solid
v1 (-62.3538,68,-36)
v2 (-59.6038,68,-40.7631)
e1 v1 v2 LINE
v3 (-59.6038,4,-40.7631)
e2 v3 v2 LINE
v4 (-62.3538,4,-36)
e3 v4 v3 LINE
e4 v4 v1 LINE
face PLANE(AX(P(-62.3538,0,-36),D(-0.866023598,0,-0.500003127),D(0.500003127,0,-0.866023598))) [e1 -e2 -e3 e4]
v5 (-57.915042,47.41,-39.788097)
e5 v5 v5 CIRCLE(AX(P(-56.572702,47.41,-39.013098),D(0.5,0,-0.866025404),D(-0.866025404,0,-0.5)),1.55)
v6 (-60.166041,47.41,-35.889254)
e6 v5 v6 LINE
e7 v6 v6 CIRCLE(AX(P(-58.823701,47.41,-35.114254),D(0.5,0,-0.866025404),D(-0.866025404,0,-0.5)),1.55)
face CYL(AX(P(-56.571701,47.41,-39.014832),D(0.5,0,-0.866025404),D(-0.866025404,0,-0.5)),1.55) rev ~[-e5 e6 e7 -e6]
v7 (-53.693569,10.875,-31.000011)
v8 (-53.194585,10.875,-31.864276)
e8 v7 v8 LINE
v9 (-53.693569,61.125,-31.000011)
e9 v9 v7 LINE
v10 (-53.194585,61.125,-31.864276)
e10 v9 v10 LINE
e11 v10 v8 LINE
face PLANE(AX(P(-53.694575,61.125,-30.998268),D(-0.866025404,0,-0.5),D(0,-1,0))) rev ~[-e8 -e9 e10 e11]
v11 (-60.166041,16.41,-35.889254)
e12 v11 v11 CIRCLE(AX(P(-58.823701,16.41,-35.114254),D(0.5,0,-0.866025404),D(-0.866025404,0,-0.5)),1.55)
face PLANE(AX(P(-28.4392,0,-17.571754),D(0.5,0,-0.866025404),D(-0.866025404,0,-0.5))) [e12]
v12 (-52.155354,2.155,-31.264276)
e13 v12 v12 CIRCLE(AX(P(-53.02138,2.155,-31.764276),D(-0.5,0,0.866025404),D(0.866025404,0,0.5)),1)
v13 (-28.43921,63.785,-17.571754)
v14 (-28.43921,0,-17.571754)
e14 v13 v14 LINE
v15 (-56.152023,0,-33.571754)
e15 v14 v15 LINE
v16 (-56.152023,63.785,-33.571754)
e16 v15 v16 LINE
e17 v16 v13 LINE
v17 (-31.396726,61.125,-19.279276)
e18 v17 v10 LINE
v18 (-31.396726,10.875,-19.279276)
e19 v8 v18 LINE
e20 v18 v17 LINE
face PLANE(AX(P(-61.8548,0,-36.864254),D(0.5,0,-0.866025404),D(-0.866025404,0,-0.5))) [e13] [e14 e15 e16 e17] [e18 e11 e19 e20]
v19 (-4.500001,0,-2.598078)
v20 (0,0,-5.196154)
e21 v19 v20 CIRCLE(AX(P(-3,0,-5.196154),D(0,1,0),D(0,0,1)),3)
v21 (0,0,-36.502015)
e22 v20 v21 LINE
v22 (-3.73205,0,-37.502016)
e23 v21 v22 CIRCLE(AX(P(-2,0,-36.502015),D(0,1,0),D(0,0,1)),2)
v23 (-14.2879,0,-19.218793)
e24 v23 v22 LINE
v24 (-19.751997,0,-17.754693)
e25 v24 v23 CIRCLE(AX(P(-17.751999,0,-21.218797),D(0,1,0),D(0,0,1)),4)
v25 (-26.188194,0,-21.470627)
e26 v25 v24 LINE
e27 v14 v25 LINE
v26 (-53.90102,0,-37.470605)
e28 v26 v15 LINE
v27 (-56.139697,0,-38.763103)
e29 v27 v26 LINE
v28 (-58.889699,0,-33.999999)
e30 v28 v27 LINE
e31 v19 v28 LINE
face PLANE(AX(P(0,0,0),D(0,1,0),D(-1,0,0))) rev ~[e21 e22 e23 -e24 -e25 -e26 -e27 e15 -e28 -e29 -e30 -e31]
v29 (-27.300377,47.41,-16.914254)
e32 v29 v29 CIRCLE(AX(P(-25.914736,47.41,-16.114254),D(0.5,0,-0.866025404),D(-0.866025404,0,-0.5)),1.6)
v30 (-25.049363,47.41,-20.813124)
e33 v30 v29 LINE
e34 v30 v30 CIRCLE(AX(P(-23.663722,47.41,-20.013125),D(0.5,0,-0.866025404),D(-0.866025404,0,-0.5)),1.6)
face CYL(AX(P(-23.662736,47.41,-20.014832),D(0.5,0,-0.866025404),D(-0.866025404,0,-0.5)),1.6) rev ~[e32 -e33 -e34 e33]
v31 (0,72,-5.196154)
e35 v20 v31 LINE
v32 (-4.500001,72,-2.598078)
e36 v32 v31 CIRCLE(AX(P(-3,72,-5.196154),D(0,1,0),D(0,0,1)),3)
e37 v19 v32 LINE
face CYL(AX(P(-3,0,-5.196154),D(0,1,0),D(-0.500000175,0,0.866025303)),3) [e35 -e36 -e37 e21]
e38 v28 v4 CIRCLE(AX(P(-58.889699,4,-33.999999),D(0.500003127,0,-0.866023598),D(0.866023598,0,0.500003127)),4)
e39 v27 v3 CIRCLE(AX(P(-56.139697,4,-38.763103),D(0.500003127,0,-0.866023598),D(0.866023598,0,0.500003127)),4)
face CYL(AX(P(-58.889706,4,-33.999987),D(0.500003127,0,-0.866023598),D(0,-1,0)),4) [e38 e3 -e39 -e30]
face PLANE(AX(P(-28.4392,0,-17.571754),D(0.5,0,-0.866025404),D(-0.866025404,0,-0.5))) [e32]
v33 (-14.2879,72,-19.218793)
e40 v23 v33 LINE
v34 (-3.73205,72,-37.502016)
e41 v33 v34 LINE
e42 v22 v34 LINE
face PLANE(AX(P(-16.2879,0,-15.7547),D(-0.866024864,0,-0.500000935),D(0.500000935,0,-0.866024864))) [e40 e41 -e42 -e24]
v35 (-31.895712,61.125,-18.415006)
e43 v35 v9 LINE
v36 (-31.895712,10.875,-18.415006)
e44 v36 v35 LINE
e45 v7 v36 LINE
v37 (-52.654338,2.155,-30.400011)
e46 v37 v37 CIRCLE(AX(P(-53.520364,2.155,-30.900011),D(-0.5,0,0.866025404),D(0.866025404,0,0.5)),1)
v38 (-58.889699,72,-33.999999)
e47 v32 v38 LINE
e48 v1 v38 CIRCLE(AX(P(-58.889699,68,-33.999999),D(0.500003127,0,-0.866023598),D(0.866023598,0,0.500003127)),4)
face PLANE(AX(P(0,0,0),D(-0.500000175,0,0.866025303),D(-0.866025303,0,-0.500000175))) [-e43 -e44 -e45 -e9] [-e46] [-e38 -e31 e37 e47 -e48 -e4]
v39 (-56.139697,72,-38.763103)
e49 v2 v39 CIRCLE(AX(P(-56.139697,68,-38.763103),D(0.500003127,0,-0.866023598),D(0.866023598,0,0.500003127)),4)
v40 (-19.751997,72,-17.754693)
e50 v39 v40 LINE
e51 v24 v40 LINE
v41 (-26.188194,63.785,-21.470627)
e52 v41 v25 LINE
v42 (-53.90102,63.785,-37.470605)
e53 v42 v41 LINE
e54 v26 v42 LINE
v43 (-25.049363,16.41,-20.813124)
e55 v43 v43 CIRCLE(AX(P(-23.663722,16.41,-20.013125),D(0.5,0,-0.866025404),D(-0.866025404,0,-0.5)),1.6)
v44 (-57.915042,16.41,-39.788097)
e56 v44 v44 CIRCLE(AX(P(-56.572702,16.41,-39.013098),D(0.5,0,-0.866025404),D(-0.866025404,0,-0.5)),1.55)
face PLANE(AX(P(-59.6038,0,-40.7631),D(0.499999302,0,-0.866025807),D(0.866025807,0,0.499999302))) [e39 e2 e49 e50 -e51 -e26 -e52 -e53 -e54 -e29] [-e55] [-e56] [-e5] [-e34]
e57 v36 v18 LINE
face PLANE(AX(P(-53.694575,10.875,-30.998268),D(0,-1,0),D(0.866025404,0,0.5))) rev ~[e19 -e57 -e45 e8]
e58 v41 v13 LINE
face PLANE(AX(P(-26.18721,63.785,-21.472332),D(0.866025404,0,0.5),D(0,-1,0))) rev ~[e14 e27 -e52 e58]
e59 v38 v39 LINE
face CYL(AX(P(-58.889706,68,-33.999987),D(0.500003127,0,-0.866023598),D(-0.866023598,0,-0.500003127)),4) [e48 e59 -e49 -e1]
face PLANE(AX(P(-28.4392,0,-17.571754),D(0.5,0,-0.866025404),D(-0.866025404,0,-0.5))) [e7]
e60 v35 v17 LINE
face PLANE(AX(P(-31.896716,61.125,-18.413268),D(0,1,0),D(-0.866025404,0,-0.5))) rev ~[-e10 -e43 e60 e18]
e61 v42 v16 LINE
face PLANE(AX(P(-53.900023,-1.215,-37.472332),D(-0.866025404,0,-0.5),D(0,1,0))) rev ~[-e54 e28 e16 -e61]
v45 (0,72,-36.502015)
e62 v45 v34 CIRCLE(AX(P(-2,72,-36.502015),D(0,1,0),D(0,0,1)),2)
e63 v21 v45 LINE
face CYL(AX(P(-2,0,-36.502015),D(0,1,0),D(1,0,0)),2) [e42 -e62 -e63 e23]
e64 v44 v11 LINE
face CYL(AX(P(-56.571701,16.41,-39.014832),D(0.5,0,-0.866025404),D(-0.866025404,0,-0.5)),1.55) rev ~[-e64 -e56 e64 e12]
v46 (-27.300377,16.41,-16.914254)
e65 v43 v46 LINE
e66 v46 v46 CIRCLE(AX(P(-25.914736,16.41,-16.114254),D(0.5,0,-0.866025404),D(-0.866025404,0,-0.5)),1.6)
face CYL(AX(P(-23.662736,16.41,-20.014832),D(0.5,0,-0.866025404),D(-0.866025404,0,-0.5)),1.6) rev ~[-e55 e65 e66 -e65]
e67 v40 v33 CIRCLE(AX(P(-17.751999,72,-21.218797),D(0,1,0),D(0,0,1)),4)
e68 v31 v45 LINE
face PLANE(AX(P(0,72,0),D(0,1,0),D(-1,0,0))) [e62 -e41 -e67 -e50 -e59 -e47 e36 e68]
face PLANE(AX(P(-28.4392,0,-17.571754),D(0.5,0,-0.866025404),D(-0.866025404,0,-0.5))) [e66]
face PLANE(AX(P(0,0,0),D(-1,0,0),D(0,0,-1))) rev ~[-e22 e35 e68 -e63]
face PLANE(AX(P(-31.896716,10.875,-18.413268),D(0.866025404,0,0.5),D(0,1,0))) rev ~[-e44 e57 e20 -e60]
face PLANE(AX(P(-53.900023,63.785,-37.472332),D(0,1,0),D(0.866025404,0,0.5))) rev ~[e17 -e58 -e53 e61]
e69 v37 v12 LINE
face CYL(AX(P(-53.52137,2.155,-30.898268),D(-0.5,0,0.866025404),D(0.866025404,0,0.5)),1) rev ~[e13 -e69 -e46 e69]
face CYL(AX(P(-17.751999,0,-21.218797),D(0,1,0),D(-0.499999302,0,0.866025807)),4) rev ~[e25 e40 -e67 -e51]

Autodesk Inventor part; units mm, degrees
ref_plane "YZ Plane" through (0, 0, 0) normal (1, 0, 0) x (0, 1, 0)
ref_plane "XZ Plane" through (0, 0, 0) normal (0, 1, 0) x (-1, 0, 0)
ref_plane "XY Plane" through (0, 0, 0) normal (0, 0, 1) x (1, 0, 0)
sketch "Sketch1" plane through (0, 0, 0) normal (0, 1, 0) x (-1, 0, 0)
  line L0 (0, 0) -> (62.3538, -36)
  line L1 (0, 25) -> (0, -25) construction
  line L2 (62.3538, -36) -> (59.6038, -40.7631)
  line L3 (59.6038, -40.7631) -> (16.2879, -15.7547)
  line L4 (16.2879, -15.7547) -> (0, -43.9661)
  line L5 (0, 0) -> (0, -43.9661)
  dimension "d0" = 72
  dimension "d1" = 50
  dimension "d2" = 60
  dimension "d3" = 5.5
  dimension "d19" = 90
extrude "Extrusion1" add sketch "Sketch1" along normal blind 72
sketch "Sketch2" plane through (0, 0, 0) normal (-0.5, 0, 0.866) x (0.866, 0, 0.5)
  line L0 (-62, 10.875) -> (-36.83, 10.875)
  line L1 (-36.83, 10.875) -> (-36.83, 61.125)
  line L2 (-36.83, 61.125) -> (-62, 61.125)
  line L3 (-62, 61.125) -> (-62, 10.875)
  line L4 (-72, 0) -> (-72, 72) projected
  circle A0 centre (-61.8, 2.155) radius 1
  point P0 (0, 0)
  point P1 (-62, 36)
  point P2 (-72, 36)
  dimension "d6" = 25.17
  dimension "d7" = 50.25
  dimension "d8" = 10
  dimension "d66" = 2
  dimension "d67" = 8.72
  dimension "d68" = 0.2
extrude "Extrusion2" cut sketch "Sketch2" against normal up to surface (5.5 mm away)
sketch "Sketch3" plane through (-59.6038, 0, -40.7631) normal (0.5, 0, -0.866) x (-0.866, 0, -0.5)
  line L0 (-6.585, 63.785) -> (-38.585, 63.785)
  line L1 (-38.585, 63.785) -> (-38.585, -1.215)
  line L2 (-38.585, -1.215) -> (-6.585, -1.215)
  line L3 (-6.585, -1.215) -> (-6.585, 63.785)
  line L4 (-35.17, 61.125) -> (-10, 61.125) projected
  point P0 (-72, 0)
  point P1 (-22.585, 63.785)
  point P2 (-22.585, 61.125)
  dimension "d11" = 32
  dimension "d12" = 65
  dimension "d13" = 2.66
extrude "Extrusion3" cut sketch "Sketch3" against normal blind 4.5
fillet "Fillet1" radius 3 1 edges at (0, 36, 0)
fillet "Fillet2" radius 2 1 edges at (0, 36, -43.9661)
fillet "Fillet3" radius 4 2 edges at (-60.9788, 72, -38.3816) (-60.9788, 0, -38.3816)
fillet "Fillet4" radius 4 1 edges at (-16.2879, 36, -15.7547)
sketch "Sketch4" plane through (-26.1882, 0, -21.4706) normal (0.5, 0, -0.866) x (-0.866, 0, -0.5)
  circle A0 centre (35.085, 16.41) radius 1.55
  line L0 (38.585, 4) -> (38.585, 68) projected
  circle A1 centre (35.085, 47.41) radius 1.55
  circle A2 centre (-2.915, 16.41) radius 1.6
  circle A3 centre (-2.915, 47.41) radius 1.6
  point P0 (-33.415, 0)
  point P1 (34.585, 0)
  dimension "d21" = 3.1
  dimension "d22" = 16.41
  dimension "d23" = 3.5
  dimension "d24" = 3.1
  dimension "d25" = 31
  dimension "d26" = 3.2
  dimension "d27" = 38
  dimension "d28" = 3.2
  dimension "d29" = 38
extrude "Extrusion4" cut sketch "Sketch4" against normal up to surface (4.5 mm away)
sketch "Sketch5" plane through (0, 0, 0) normal (0, -1, 0) x (1, 0, 0)
  line L0 (-11.1256, -19.2586) -> (-11.1256, -9.2074) construction
  line L1 (-11.1256, -9.2074) -> (-1.0319, -9.2074) construction
  line L2 (-1.0319, -9.2074) -> (-1.0319, -19.2586) construction
  line L3 (-1.0319, -19.2586) -> (-11.1256, -19.2586) construction
  arc A0 (-8.7423, -17.7336) -> (-8.7372, -10.7469) centre (-6.0502, -14.2422) ccw
  arc A1 (-9.1232, -18.214) -> (-9.1477, -10.2896) centre (-6.0502, -14.2422) ccw
  arc A2 (-9.1477, -10.2896) -> (-8.7372, -10.7469) centre (-8.8163, -10.405) ccw
  arc A3 (-8.7423, -17.7336) -> (-9.1232, -18.214) centre (-8.8713, -18.0225) ccw
  line L4 (-4.6557, -14.5422) -> (-7.2177, -14.5422)
  line L5 (-7.2177, -14.5422) -> (-7.2177, -13.9533)
  line L6 (-7.2177, -13.9533) -> (-4.6557, -13.9533)
  line L7 (-4.6557, -13.9533) -> (-4.6557, -14.5422)
  arc A4 (-4.6557, -14.5422) -> (-4.6557, -13.9533) centre (-4.7199, -14.2478) ccw
  arc A5 (-7.2177, -13.9533) -> (-7.2177, -14.5422) centre (-7.171, -14.2478) ccw
  arc A6 (-8.2247, -12.6322) -> (-8.1705, -15.9511) centre (-6.0663, -14.2568) ccw
  arc A7 (-7.7175, -12.932) -> (-7.6745, -15.6001) centre (-6.057, -14.2396) ccw
  arc A8 (-8.6126, -12.2607) -> (-8.5782, -16.3059) centre (-6.0095, -14.2613) ccw
  arc A9 (-9.1192, -11.9337) -> (-9.0775, -16.6329) centre (-6.1136, -14.2568) ccw
  arc A10 (-9.5852, -11.4861) -> (-9.568, -17.0116) centre (-5.9362, -14.2375) ccw
  point P0 (0, 0)
properties part number "ShelfLabelStand"
